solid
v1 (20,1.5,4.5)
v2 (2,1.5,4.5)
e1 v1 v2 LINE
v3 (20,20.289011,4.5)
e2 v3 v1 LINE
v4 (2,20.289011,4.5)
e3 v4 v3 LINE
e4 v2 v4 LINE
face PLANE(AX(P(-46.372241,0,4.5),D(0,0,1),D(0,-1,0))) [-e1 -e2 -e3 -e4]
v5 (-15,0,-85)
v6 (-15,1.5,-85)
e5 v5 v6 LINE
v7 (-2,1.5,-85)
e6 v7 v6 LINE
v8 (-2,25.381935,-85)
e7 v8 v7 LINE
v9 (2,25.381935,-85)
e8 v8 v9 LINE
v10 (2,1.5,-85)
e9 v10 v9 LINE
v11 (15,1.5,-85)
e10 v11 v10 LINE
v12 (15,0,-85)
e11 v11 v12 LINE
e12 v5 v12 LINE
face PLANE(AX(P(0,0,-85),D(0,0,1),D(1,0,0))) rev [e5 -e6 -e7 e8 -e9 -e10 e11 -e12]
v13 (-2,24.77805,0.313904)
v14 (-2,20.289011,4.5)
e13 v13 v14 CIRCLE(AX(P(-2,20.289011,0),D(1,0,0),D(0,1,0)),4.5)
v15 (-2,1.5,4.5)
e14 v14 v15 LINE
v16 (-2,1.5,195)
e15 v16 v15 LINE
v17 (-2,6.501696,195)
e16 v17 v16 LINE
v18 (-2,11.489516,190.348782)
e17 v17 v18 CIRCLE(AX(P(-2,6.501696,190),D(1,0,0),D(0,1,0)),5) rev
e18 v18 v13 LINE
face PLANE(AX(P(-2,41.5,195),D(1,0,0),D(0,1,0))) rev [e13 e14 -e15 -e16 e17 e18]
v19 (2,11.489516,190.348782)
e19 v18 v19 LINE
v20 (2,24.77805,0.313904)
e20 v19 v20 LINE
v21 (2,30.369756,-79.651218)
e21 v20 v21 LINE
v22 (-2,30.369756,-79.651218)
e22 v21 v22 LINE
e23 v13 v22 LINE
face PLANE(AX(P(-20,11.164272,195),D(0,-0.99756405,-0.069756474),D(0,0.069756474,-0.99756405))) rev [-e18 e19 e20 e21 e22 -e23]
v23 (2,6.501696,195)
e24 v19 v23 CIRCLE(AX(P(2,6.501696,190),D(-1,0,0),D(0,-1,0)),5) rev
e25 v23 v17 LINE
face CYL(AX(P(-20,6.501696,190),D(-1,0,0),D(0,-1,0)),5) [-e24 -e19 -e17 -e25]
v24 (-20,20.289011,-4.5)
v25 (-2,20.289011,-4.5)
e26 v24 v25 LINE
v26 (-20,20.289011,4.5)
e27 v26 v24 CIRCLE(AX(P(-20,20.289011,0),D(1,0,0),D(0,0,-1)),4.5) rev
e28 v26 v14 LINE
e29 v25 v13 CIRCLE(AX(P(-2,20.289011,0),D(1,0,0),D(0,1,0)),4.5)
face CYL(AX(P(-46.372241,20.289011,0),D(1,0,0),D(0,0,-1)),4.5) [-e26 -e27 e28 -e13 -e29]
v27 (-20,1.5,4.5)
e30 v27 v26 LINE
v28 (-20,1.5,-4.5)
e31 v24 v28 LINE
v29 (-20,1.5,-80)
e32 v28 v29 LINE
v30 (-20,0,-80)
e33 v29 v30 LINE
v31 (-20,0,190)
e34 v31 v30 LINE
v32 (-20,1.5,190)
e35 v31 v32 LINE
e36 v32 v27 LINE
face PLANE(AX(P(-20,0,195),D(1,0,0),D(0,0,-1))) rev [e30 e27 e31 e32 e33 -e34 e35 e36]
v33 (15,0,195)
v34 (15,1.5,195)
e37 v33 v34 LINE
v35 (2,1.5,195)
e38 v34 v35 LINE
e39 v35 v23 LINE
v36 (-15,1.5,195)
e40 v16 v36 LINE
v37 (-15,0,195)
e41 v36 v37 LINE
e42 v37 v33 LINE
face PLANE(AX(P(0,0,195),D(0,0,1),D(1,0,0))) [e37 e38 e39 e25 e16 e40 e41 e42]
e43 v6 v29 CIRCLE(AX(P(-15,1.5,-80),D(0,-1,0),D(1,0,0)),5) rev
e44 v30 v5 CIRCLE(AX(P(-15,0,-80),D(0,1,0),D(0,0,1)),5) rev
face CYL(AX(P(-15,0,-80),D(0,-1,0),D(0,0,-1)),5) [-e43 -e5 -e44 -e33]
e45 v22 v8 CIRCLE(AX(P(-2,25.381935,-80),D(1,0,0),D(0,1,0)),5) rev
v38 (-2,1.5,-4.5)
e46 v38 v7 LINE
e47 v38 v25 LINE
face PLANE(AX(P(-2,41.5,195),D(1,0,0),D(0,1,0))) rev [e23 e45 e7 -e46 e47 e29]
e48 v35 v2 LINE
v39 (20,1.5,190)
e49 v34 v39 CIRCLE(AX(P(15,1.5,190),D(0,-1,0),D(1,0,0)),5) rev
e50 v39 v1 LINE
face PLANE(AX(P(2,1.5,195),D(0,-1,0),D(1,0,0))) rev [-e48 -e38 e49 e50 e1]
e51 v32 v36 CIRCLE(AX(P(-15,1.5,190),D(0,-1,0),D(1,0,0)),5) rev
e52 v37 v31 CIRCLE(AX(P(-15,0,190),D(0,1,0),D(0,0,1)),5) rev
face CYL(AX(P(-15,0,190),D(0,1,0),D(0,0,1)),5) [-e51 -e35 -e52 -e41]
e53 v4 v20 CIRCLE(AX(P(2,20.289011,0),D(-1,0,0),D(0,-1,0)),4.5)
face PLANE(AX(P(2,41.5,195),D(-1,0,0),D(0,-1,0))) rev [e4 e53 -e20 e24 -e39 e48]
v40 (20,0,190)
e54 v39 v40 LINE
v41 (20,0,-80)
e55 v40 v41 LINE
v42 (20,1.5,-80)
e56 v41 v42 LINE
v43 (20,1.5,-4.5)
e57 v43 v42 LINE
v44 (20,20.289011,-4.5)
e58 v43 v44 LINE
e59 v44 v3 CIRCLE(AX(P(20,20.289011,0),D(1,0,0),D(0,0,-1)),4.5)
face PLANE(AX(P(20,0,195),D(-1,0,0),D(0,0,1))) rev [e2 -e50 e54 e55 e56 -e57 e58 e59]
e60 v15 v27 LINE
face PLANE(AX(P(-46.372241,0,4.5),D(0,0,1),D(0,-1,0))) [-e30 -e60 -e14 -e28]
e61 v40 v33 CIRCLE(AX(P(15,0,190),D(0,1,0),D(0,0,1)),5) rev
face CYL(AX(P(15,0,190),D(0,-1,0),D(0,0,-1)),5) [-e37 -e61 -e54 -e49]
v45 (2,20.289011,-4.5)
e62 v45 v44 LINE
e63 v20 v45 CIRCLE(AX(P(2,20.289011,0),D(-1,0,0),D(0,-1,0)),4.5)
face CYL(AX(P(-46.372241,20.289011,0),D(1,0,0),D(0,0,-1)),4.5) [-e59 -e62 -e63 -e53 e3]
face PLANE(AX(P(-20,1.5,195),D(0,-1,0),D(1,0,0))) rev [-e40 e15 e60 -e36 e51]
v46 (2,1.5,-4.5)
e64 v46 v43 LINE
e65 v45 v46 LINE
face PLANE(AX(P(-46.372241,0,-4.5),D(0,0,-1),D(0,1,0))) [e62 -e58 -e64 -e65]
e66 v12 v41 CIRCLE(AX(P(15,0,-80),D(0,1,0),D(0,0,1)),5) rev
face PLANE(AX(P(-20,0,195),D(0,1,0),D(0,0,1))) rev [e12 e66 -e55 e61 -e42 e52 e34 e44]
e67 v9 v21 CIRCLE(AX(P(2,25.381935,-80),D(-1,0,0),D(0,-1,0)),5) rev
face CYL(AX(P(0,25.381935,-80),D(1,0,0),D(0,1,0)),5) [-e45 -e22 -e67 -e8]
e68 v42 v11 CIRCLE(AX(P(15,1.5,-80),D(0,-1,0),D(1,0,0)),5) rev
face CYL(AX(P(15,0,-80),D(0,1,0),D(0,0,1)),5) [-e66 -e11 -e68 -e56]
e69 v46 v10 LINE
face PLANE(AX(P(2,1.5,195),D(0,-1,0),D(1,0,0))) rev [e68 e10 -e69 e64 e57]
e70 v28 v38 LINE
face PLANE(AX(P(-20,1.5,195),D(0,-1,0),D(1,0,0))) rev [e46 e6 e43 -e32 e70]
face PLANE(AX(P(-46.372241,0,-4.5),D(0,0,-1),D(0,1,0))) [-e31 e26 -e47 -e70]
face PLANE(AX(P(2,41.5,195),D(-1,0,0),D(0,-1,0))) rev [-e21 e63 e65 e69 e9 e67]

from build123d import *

# Parameters (mm, degrees)
BOSS_EXTRU_1_START      = -85
BOSS_EXTRU_1_DEPTH      = 280
ENL_V_MAT_EXTRU_1_DEPTH = 201.577291835
BOSS_EXTRU_2_REACH      = 203.42
CONG_1_R                = 5


with BuildPart() as part:
    # Esquisse1 → Boss.-Extru.1 (new body)
    with BuildSketch(Plane.XY.offset(BOSS_EXTRU_1_START)):
        Polygon((2, 1.5), (20, 1.5), (20, 0), (-20, 0), (-20, 1.5), (-2, 1.5), (-2, 41.5), (2, 41.5), align=None)
    extrude(amount=BOSS_EXTRU_1_DEPTH)

    # Esquisse3 → Enlèv. mat.-Extru.1 (cut, through all)
    with BuildSketch(Plane(origin=(2, 0, 0), x_dir=(0, 0, -1), z_dir=(1, 0, 0))):
        Polygon((-195, 41.5), (85, 41.5), (85, 30.743779015), (-195, 11.164271671), align=None)
    extrude(amount=-ENL_V_MAT_EXTRU_1_DEPTH, mode=Mode.SUBTRACT)

    # Boss.-Extru.2: up to this face of the body (flat: up to its plane)
    boss_extru_2_end = Plane(part.part.faces().sort_by_distance((-20, 0.75, 55))[0])
    # Esquisse2 → Boss.-Extru.2 (add, up to the picked face)
    with BuildSketch(Plane(origin=(20, 0, 0), x_dir=(0, 0, -1), z_dir=(1, 0, 0)), mode=Mode.PRIVATE) as boss_extru_2_sk1:
        with BuildLine():
            Line((-4.5, 0), (4.5, 0))
            Line((4.5, 0), (4.5, 20.289011459))
            ThreePointArc((4.5, 20.289011459), (0, 24.789011459), (-4.5, 20.289011459))
            Line((-4.5, 20.289011459), (-4.5, 0))
        make_face()
    boss_extru_2_tool1 = split(extrude(boss_extru_2_sk1.sketch, amount=-BOSS_EXTRU_2_REACH, mode=Mode.PRIVATE), bisect_by=boss_extru_2_end, keep=Keep.BOTH, mode=Mode.PRIVATE)
    add(boss_extru_2_tool1.solids().sort_by(Axis((20, 11.932824, 0), (-1, 0, 0)))[0])

    # Congé1
    cong_1_edges = [part.edges().sort_by_distance(p)[0] for p in [
        (-20, 0.75, 195),
        (20, 0.75, 195),
        (0, 30.743779015, -85),
        (0, 11.164271671, 195),
        (20, 0.75, -85),
        (-20, 0.75, -85),
    ]]
    fillet(cong_1_edges, radius=CONG_1_R)


solid = part.part
